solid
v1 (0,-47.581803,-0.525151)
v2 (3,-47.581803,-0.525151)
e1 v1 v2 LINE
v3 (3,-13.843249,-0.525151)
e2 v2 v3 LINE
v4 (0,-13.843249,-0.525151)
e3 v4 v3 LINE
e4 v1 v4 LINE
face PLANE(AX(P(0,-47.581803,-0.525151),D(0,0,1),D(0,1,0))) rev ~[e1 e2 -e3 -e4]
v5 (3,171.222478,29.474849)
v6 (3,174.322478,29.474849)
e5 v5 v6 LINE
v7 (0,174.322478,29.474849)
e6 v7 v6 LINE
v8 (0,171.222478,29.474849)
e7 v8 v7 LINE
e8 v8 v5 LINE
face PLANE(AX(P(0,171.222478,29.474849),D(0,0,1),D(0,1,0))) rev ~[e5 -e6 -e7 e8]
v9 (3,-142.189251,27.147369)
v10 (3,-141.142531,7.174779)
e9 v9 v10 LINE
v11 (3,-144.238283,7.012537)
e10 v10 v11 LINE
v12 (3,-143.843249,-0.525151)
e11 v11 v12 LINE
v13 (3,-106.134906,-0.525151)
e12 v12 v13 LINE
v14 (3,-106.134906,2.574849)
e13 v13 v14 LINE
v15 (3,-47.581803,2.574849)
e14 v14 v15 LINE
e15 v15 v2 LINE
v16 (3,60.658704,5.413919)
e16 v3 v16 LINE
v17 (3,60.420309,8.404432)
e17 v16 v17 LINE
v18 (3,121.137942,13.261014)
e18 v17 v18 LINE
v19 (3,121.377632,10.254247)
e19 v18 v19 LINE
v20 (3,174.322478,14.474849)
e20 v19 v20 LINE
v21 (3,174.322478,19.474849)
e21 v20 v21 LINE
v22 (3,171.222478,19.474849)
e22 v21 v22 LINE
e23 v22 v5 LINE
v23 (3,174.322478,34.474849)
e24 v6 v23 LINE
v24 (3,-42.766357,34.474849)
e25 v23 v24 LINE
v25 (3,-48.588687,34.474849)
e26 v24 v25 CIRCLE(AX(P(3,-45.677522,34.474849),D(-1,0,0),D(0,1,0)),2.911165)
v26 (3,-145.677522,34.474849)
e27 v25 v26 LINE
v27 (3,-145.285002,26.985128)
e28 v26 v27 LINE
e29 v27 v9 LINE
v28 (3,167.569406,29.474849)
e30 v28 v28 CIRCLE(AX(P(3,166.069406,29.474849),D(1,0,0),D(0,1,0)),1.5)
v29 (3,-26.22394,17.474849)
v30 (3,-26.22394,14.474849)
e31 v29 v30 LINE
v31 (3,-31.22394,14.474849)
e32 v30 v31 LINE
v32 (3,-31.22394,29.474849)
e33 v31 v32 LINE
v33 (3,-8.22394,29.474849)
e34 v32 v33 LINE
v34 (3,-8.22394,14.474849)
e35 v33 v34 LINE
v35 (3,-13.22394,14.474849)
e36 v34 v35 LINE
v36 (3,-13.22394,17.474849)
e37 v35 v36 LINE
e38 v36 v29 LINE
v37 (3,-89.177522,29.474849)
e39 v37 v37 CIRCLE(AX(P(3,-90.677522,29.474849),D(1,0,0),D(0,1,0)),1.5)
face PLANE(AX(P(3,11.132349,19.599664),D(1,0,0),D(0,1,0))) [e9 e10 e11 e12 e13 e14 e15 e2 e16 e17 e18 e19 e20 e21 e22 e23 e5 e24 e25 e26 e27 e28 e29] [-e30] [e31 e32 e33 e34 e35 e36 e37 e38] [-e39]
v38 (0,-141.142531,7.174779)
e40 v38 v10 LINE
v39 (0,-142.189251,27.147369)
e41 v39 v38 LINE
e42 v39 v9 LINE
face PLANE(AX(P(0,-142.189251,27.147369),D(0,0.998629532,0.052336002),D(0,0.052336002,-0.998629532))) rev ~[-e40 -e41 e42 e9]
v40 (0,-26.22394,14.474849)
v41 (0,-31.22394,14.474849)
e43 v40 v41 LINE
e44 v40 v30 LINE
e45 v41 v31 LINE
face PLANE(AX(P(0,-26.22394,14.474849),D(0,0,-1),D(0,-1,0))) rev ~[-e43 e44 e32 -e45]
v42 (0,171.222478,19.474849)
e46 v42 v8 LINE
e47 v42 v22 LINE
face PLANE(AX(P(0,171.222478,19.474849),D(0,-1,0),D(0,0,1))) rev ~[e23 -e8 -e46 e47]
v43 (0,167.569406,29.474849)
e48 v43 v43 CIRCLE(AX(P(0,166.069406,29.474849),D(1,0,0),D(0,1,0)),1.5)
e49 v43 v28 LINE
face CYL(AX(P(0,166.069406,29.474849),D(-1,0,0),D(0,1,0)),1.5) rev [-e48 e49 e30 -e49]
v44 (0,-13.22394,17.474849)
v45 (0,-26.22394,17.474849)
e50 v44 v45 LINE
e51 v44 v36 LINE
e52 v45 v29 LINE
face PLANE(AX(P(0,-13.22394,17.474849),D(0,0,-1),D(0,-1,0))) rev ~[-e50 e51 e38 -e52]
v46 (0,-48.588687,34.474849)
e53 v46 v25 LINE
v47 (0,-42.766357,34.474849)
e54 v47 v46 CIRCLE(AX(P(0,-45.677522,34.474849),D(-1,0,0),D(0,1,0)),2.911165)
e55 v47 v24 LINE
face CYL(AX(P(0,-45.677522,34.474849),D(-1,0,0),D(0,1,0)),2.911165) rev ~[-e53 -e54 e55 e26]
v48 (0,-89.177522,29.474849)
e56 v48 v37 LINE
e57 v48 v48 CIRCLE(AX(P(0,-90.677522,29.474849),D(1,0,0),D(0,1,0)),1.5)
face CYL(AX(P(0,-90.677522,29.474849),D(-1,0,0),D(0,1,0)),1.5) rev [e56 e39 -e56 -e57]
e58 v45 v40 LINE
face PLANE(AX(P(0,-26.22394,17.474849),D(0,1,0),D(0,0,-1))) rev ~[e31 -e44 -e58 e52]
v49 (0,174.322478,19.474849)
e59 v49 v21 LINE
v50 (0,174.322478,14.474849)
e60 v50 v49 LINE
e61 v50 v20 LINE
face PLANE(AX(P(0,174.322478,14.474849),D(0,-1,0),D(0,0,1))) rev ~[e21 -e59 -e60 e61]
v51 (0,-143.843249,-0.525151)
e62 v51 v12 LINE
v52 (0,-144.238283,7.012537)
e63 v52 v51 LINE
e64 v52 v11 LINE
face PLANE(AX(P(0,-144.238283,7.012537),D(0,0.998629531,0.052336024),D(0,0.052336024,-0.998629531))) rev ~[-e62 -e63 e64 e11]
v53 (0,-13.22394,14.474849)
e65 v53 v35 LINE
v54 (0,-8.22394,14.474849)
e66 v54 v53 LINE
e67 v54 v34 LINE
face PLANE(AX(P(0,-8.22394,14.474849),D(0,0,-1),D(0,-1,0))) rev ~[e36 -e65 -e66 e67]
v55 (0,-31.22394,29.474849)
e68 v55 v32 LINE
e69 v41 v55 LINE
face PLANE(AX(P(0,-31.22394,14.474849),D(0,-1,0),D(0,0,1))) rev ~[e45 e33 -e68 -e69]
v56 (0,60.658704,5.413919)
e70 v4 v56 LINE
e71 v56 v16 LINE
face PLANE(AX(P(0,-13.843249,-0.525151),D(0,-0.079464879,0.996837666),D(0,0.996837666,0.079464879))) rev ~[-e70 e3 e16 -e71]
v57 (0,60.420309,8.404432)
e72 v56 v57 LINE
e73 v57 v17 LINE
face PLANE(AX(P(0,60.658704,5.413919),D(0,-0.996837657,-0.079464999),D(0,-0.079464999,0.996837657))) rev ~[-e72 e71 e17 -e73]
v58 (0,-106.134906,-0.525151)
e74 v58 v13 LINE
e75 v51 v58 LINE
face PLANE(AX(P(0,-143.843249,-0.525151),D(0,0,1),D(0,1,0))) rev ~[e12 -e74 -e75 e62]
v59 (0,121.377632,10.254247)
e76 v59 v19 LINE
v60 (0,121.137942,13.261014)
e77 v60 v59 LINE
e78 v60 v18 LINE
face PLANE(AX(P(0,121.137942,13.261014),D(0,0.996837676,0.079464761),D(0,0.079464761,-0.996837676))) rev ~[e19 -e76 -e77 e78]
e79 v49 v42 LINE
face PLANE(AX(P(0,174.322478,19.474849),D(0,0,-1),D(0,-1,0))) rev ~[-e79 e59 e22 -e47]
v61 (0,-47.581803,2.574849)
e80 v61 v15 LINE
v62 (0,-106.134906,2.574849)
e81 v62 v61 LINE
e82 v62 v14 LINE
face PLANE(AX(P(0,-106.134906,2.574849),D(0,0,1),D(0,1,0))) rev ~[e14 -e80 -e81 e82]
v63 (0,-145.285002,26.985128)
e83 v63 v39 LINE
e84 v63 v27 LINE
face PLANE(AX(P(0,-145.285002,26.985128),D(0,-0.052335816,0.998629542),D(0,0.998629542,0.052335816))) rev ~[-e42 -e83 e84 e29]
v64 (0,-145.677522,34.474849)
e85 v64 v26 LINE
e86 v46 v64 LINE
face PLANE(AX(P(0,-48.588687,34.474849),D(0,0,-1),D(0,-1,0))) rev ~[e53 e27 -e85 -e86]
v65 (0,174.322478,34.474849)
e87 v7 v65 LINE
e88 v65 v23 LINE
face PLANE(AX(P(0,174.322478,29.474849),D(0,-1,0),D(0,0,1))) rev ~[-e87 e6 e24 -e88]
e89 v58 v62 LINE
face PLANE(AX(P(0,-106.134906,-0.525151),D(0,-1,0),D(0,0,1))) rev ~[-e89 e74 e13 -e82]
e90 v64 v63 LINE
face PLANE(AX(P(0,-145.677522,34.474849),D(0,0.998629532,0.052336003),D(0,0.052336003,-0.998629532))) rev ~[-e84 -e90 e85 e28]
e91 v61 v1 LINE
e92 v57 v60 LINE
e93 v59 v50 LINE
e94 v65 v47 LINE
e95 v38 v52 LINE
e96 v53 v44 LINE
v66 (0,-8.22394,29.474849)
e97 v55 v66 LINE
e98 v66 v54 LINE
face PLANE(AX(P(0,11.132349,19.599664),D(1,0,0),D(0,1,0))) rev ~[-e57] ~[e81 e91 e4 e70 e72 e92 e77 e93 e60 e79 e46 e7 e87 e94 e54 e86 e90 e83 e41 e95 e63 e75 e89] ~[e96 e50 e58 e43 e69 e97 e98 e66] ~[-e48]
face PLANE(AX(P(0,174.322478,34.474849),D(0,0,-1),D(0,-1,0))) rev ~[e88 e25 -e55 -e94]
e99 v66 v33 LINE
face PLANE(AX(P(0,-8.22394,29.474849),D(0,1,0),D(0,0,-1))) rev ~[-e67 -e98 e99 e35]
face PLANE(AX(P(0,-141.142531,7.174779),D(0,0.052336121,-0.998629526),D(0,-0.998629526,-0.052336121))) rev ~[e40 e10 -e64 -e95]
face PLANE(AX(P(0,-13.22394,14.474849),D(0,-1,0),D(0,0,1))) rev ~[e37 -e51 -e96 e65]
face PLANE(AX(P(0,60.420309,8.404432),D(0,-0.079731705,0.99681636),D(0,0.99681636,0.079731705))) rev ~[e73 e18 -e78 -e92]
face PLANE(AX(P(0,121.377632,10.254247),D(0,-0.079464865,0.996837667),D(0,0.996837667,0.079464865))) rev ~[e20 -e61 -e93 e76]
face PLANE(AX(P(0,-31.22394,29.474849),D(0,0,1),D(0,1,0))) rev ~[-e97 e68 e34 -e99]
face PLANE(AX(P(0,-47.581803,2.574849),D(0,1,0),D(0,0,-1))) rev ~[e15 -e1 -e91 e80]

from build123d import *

# Parameters (mm, degrees)
F0_R     = 1.5
F1_DEPTH = 3


with BuildPart() as f1:
    # F0 (on Right) → F1 (new body)
    with BuildSketch(Plane.YZ):
        with BuildLine():
            Line((-144.238283, 7.012537), (-143.843249, -0.525151))
            Line((-143.843249, -0.525151), (-106.134906, -0.525151))
            Line((-106.134906, -0.525151), (-106.134906, 2.574849))
            Line((-106.134906, 2.574849), (-47.581803, 2.574849))
            Line((-47.581803, 2.574849), (-47.581803, -0.525151))
            Line((-47.581803, -0.525151), (-13.843249, -0.525151))
            Line((-13.843249, -0.525151), (60.658704, 5.413919))
            Line((60.658704, 5.413919), (60.420309, 8.404432))
            Line((60.420309, 8.404432), (121.137942, 13.261014))
            Line((121.137942, 13.261014), (121.377632, 10.254247))
            Line((121.377632, 10.254247), (174.322478, 14.474849))
            Line((174.322478, 14.474849), (174.322478, 19.474849))
            Line((174.322478, 19.474849), (171.222478, 19.474849))
            Line((171.222478, 19.474849), (171.222478, 29.474849))
            Line((171.222478, 29.474849), (174.322478, 29.474849))
            Line((174.322478, 29.474849), (174.322478, 34.474849))
            Line((174.322478, 34.474849), (164.322478, 34.474849))
            Line((164.322478, 34.474849), (-42.766357, 34.474849))
            ThreePointArc((-42.766357, 34.474849), (-45.677522, 31.563684), (-48.588687, 34.474849))
            Line((-48.588687, 34.474849), (-85.677522, 34.474849))
            Line((-85.677522, 34.474849), (-145.677522, 34.474849))
            Line((-145.677522, 34.474849), (-145.285002, 26.985128))
            Line((-145.285002, 26.985128), (-142.189251, 27.147369))
            Line((-142.189251, 27.147369), (-141.142531, 7.174779))
            Line((-141.142531, 7.174779), (-144.238283, 7.012537))
        make_face()
        Polygon((-31.22394, 17.474849), (-31.22394, 29.474849), (-8.22394, 29.474849), (-8.22394, 17.474849), (-8.22394, 14.474849), (-13.22394, 14.474849), (-13.22394, 17.474849), (-26.22394, 17.474849), (-26.22394, 14.474849), (-31.22394, 14.474849), align=None, mode=Mode.SUBTRACT)
        with Locations((-90.677522, 29.474849)):
            Circle(F0_R, mode=Mode.SUBTRACT)
        with Locations((166.069406, 29.474849)):
            Circle(F0_R, mode=Mode.SUBTRACT)
    extrude(amount=F1_DEPTH)


solid = f1.part
